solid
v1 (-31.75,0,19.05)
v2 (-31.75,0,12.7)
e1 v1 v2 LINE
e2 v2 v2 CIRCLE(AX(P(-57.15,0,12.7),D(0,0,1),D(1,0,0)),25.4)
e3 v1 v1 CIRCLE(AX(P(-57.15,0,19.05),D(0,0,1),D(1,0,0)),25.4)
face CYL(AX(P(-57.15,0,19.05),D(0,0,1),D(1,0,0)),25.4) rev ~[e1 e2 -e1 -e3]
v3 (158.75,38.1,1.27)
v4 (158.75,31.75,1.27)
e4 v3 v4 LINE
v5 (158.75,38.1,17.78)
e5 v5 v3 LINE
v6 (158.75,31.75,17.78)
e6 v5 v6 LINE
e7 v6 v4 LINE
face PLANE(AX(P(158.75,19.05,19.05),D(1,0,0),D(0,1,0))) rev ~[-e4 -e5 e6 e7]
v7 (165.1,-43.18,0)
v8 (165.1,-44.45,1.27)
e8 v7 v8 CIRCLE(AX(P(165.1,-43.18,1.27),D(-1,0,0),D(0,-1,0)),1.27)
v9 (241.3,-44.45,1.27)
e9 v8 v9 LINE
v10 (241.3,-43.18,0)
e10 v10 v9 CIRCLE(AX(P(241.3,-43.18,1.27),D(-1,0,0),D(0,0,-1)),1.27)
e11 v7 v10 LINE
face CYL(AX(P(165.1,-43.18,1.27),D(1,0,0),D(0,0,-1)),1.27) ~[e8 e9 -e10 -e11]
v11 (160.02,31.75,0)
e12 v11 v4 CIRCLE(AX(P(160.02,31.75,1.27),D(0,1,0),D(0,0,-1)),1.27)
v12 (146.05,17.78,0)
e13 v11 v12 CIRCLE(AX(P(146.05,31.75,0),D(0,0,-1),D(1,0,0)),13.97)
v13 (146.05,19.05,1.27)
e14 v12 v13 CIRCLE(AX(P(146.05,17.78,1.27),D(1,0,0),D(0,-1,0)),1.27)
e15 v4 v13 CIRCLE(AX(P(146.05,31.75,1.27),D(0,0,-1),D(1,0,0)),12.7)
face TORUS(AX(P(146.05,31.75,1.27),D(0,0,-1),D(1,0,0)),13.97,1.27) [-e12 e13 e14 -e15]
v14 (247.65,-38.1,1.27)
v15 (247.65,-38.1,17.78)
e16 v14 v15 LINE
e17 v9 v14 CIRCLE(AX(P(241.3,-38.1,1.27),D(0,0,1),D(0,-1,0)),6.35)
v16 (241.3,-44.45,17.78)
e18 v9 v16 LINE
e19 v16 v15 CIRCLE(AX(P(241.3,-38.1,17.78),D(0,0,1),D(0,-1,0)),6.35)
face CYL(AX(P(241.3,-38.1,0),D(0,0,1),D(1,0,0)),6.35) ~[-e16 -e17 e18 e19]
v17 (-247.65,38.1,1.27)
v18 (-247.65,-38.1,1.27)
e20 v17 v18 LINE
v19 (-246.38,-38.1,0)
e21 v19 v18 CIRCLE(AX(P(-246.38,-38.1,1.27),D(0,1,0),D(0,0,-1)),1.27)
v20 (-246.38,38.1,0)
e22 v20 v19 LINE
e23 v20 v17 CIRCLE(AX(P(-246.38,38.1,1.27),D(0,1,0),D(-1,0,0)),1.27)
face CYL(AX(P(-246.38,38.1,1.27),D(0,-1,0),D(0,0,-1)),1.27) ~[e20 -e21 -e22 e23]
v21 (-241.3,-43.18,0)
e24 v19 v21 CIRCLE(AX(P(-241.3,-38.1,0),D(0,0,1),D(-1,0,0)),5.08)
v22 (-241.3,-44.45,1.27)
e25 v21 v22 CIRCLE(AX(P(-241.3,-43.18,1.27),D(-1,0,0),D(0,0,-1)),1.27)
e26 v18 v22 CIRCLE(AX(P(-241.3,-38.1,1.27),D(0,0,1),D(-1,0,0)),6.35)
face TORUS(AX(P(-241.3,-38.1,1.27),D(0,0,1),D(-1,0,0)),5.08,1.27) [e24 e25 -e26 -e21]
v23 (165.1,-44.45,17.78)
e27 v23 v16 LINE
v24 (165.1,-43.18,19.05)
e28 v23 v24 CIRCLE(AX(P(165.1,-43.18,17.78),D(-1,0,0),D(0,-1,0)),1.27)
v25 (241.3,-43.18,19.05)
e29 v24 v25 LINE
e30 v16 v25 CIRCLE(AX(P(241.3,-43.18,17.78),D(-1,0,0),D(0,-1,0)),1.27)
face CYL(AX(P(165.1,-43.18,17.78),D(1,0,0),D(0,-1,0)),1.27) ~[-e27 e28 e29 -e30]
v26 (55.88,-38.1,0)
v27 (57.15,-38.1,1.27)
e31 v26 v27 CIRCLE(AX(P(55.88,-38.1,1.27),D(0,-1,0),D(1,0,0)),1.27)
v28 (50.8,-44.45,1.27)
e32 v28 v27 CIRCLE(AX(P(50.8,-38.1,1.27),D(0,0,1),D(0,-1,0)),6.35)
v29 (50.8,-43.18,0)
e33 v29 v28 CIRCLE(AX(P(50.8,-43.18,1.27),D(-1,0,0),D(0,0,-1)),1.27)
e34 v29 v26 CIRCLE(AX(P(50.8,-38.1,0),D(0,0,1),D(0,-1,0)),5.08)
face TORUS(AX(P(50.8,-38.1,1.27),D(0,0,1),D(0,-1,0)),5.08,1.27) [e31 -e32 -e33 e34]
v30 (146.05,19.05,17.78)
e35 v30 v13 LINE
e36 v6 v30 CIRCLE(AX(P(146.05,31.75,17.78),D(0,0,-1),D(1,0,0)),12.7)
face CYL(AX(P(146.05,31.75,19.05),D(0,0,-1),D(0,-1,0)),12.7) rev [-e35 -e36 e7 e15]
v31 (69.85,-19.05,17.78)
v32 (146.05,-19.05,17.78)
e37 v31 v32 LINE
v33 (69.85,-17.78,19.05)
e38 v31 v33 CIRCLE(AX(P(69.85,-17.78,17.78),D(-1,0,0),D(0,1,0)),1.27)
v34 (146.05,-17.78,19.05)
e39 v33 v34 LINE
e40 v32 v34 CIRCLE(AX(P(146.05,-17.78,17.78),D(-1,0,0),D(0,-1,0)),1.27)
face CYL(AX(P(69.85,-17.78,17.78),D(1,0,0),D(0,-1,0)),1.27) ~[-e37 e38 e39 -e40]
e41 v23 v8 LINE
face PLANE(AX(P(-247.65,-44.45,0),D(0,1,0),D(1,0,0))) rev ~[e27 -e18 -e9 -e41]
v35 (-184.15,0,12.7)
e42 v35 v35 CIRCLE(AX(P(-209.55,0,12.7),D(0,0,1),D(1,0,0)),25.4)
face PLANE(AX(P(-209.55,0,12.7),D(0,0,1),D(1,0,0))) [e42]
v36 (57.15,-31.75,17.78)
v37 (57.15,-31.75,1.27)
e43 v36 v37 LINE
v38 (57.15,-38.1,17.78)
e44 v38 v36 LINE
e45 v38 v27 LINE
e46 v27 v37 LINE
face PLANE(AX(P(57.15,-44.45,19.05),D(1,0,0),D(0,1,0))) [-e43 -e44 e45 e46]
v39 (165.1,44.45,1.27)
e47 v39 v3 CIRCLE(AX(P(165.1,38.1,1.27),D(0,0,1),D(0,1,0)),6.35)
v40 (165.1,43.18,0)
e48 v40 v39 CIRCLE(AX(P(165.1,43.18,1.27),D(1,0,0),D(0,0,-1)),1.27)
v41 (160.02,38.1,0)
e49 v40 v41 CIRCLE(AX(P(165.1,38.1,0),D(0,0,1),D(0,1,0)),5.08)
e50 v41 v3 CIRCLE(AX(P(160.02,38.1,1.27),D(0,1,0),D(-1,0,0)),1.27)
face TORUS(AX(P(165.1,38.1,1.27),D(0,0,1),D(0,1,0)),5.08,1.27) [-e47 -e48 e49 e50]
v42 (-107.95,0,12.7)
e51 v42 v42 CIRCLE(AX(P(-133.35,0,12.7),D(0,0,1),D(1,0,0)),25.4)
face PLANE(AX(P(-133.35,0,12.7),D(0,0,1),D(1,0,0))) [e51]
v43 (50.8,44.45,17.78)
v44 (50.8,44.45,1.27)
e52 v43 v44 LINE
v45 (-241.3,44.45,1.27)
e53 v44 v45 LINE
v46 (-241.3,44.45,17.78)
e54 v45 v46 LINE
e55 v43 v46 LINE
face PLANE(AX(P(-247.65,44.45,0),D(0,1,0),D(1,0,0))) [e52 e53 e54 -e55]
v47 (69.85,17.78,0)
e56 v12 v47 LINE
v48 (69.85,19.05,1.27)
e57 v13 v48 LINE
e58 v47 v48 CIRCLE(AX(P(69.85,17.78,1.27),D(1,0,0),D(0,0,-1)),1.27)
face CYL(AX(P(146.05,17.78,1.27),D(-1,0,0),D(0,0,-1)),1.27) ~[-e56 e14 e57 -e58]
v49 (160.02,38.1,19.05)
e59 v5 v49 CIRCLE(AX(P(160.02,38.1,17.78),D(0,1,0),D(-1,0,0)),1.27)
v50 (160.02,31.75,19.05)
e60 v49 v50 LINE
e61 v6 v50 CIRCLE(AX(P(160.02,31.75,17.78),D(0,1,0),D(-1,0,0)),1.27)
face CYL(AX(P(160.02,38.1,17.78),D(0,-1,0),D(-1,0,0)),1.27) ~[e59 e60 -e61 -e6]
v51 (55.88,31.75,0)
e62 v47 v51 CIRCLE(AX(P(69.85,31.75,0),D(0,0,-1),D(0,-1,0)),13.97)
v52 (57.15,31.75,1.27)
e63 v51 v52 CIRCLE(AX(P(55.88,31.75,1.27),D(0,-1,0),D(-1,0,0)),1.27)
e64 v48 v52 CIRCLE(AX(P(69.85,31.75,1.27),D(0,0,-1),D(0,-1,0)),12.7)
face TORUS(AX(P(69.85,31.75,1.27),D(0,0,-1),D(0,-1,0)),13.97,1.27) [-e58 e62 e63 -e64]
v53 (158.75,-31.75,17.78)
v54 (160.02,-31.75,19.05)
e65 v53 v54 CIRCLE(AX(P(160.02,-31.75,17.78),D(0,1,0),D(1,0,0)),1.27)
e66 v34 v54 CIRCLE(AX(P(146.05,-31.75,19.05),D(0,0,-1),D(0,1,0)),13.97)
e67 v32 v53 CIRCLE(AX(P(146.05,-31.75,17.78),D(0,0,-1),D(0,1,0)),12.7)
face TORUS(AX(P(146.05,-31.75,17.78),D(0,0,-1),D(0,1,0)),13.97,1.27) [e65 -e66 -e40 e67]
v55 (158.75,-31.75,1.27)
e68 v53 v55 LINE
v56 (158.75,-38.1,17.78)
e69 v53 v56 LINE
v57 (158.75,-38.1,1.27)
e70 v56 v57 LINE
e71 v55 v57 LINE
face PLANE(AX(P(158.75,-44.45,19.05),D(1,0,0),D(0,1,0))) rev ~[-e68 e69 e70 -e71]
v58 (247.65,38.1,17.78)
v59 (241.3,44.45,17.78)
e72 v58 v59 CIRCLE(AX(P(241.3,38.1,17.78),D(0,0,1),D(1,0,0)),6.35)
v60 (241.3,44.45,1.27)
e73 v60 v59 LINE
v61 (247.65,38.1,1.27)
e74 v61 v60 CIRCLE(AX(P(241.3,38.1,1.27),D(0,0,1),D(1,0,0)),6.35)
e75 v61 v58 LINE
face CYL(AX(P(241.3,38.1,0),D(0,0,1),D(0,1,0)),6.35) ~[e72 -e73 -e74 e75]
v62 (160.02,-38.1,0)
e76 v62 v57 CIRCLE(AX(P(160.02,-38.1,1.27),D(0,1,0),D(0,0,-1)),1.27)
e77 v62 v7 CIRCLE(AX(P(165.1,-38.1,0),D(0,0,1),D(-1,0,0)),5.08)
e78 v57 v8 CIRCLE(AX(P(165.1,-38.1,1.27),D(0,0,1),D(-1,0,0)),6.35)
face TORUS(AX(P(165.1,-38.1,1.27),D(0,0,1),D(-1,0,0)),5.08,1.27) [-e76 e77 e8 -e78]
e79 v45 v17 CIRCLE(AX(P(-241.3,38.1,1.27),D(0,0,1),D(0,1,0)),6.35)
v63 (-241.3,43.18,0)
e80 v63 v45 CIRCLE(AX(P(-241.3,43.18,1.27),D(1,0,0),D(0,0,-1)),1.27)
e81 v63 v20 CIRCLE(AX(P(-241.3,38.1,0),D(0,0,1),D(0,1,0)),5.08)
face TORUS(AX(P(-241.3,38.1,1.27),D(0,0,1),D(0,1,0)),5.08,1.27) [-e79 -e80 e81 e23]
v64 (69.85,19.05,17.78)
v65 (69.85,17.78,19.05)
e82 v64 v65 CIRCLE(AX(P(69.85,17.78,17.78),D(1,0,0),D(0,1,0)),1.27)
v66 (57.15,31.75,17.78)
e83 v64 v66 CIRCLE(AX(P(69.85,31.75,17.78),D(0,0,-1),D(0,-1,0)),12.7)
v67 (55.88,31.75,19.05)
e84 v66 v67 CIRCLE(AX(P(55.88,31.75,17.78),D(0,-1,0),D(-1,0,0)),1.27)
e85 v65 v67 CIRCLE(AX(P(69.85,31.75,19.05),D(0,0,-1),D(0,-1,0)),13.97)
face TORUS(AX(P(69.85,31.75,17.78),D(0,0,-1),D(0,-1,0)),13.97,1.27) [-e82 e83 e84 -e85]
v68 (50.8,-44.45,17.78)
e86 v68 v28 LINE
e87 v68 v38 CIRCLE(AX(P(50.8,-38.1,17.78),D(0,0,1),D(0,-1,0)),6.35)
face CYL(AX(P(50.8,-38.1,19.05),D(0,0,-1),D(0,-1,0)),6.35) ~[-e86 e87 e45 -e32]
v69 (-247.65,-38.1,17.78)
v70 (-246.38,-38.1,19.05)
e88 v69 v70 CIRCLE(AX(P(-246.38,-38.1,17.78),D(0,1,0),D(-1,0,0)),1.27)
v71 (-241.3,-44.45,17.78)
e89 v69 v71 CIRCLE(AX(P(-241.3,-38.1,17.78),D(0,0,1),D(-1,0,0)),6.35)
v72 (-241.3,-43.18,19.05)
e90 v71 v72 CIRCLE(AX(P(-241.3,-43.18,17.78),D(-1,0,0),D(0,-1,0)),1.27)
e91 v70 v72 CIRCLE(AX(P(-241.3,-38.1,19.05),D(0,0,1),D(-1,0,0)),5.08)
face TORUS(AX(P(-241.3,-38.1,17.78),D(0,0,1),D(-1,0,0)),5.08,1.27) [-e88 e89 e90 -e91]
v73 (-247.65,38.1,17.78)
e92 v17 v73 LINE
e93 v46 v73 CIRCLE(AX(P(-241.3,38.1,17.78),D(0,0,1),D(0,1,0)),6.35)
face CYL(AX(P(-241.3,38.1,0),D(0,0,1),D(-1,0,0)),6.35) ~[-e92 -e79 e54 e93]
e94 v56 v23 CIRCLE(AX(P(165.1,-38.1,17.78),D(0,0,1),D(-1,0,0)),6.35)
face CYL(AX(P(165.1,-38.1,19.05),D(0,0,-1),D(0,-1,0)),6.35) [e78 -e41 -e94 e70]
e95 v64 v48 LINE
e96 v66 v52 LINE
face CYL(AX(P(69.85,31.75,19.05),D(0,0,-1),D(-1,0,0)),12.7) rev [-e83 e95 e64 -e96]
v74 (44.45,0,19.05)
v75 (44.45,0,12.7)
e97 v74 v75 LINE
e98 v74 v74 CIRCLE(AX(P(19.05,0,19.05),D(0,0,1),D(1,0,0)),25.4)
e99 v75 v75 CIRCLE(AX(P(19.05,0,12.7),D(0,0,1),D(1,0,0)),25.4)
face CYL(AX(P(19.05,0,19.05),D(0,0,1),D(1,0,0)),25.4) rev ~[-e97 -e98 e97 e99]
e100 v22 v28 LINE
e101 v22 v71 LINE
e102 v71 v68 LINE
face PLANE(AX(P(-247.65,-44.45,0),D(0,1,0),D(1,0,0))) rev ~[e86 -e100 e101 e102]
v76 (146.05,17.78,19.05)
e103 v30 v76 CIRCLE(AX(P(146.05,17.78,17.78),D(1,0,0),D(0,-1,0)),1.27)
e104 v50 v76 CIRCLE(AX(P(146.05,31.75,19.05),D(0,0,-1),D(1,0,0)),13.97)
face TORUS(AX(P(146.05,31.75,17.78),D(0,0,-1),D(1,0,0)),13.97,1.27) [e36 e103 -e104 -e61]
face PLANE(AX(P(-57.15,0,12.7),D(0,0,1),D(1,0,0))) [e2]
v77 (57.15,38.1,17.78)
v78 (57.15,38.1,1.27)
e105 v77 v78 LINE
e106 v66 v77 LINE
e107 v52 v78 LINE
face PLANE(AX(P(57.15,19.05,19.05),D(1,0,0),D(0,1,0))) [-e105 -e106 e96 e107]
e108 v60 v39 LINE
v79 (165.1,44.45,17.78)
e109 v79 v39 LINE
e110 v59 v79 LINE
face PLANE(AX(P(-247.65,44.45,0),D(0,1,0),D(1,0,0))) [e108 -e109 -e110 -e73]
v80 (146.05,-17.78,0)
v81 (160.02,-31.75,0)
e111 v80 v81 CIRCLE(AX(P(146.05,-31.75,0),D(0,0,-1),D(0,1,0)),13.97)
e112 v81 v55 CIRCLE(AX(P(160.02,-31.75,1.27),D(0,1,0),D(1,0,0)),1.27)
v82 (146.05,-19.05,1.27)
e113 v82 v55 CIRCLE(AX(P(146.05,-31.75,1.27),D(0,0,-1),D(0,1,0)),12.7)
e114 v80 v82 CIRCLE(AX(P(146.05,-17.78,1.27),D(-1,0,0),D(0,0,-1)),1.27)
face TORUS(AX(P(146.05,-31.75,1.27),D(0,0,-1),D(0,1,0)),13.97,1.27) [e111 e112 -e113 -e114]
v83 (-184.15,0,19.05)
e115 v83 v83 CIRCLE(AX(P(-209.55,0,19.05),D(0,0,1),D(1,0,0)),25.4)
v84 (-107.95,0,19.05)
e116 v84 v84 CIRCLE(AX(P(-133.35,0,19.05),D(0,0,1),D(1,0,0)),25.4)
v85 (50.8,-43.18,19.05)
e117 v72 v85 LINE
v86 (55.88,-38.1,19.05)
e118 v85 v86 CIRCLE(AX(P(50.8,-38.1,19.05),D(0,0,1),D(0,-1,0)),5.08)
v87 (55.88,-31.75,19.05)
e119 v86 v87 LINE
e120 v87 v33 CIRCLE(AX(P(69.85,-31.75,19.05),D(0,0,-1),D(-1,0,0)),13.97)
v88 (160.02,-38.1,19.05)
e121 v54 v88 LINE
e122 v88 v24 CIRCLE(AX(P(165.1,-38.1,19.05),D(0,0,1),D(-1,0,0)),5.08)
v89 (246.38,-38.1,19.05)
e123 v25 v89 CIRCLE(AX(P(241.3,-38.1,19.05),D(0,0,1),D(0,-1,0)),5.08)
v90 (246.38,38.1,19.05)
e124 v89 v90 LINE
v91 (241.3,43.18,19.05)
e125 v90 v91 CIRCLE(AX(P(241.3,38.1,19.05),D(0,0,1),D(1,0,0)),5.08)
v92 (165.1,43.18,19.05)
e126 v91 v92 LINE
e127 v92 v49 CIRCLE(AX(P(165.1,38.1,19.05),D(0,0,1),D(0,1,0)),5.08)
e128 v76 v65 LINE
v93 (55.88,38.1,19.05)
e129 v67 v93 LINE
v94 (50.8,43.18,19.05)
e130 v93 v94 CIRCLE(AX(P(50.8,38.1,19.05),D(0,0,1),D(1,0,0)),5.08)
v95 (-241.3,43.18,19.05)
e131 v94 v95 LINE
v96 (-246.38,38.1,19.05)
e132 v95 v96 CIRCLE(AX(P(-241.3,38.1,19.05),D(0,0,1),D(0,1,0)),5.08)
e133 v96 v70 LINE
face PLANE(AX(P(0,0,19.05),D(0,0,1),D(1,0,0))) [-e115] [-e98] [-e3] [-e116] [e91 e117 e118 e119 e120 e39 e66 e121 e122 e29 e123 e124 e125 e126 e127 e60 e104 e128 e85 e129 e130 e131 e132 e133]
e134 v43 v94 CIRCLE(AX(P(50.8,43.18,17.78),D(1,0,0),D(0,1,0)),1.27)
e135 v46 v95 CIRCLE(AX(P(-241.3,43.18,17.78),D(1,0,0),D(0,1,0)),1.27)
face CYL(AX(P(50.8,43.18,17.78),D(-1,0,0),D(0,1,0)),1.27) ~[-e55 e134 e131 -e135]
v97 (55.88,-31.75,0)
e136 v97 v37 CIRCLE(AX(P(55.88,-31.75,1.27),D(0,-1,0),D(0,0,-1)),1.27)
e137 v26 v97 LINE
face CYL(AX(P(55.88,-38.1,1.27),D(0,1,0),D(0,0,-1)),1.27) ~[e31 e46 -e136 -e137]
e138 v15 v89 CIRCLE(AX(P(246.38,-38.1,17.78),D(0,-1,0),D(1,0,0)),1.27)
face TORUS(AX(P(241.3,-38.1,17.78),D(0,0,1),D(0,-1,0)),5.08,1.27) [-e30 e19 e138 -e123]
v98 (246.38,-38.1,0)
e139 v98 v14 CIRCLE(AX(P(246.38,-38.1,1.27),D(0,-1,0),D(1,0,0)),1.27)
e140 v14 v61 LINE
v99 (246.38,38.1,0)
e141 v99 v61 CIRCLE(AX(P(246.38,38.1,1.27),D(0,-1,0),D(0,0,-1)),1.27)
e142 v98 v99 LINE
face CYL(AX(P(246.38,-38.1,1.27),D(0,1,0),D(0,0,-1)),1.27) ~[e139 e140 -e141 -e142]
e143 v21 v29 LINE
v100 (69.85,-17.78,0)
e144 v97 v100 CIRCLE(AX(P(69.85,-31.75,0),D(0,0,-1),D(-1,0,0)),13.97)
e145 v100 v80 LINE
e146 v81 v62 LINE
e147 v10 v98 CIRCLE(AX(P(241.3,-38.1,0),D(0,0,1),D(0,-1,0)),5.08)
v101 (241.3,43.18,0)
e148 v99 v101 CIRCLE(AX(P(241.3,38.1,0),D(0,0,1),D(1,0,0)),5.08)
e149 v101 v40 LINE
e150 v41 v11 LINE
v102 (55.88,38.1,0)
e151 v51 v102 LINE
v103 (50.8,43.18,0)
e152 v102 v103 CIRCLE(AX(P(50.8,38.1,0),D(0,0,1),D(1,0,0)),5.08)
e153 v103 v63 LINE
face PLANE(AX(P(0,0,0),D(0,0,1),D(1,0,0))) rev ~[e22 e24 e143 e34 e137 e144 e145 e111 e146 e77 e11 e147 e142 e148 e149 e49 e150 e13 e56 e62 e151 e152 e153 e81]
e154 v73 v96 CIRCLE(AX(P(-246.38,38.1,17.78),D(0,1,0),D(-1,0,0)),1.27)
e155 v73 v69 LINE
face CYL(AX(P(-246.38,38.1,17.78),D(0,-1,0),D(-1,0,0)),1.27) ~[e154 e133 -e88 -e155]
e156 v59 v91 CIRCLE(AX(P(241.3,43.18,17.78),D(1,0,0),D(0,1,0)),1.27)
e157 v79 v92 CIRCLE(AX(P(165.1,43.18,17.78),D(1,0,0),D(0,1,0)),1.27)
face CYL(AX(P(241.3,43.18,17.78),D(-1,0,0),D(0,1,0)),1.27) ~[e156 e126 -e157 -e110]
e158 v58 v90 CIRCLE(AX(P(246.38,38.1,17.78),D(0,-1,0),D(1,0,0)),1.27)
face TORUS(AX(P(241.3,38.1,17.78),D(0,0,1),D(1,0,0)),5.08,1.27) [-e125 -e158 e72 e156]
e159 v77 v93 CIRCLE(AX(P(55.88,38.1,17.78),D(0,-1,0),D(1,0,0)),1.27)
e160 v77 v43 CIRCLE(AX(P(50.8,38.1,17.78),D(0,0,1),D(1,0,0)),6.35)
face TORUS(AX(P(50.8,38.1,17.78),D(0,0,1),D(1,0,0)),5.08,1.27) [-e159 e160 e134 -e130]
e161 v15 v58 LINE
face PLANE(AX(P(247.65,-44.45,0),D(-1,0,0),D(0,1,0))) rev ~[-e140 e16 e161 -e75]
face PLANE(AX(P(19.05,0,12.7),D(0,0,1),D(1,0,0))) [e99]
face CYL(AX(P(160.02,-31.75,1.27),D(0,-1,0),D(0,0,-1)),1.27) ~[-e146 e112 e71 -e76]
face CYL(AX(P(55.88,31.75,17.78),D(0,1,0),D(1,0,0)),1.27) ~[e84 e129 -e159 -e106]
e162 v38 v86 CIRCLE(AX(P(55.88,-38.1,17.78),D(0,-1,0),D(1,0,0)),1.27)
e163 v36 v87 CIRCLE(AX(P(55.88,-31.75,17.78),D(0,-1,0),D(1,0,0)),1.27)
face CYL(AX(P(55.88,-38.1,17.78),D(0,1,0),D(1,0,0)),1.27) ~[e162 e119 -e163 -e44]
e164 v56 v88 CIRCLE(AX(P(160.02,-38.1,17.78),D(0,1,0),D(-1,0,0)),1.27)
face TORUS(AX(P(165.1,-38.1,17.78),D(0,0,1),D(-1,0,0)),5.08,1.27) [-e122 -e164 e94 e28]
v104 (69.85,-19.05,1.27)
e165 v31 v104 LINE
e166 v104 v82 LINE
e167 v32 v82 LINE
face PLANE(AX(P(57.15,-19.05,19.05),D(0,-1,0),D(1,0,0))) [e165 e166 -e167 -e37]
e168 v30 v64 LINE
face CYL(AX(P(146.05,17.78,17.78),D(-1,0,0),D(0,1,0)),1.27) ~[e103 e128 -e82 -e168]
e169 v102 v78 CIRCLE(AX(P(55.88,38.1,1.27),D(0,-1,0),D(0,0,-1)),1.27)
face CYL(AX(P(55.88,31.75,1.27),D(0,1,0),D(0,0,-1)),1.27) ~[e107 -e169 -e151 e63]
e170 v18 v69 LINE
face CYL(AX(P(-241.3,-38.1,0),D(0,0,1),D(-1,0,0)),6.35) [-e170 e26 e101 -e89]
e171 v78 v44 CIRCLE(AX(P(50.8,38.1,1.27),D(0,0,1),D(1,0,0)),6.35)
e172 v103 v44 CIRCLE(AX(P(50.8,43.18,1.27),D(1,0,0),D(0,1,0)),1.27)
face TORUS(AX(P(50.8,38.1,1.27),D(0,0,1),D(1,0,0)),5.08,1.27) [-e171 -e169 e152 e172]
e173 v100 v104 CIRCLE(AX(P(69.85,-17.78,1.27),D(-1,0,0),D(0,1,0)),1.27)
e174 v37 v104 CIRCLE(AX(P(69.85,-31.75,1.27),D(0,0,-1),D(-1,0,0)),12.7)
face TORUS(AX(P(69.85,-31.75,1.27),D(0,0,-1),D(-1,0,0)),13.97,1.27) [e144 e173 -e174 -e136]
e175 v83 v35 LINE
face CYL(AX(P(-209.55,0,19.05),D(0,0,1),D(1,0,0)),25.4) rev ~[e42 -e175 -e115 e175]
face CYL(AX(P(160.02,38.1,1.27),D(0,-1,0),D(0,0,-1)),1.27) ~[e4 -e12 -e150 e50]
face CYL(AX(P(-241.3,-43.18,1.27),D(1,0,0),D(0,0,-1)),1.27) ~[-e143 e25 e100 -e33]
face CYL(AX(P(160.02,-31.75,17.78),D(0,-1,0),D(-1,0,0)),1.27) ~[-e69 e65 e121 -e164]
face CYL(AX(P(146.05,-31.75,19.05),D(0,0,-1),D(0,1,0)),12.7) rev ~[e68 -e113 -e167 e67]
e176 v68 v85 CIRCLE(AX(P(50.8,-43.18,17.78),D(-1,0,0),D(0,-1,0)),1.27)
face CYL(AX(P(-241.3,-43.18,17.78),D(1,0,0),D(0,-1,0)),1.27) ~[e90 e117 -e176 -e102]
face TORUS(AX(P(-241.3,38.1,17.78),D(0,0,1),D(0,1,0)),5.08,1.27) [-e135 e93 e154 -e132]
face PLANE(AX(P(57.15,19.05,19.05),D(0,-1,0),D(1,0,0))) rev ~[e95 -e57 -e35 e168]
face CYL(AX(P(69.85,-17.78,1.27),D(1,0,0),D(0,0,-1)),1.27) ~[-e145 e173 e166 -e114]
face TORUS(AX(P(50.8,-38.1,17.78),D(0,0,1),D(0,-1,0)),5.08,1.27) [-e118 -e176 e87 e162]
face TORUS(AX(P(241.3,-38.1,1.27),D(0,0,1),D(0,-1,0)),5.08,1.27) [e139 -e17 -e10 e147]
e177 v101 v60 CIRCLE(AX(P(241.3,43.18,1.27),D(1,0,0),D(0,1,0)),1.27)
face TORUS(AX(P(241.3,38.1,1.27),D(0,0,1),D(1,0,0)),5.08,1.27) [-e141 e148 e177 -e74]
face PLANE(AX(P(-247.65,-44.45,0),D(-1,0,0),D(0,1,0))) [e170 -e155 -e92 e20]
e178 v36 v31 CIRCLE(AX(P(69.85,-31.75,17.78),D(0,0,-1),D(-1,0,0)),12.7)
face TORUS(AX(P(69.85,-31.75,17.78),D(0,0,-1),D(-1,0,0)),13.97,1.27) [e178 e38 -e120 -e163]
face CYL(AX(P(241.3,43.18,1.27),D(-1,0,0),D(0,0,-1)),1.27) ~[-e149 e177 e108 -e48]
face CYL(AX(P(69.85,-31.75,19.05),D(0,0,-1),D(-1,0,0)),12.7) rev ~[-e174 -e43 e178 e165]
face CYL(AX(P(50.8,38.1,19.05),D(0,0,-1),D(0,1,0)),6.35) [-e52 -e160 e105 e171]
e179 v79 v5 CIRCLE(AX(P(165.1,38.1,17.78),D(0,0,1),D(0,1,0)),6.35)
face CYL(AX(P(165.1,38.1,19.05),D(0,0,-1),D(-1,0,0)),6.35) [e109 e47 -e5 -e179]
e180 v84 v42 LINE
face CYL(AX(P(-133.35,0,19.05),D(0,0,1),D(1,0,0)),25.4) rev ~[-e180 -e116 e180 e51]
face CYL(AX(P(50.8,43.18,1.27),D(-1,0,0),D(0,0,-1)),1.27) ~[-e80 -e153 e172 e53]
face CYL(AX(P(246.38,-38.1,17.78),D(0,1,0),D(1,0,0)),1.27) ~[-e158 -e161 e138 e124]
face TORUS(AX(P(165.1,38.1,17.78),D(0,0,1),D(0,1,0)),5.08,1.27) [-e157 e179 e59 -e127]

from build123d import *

# Parameters (mm, degrees)
F0_W     = 495.3
F0_H     = 88.9
F1_DEPTH = 19.05
F2_W     = 101.6
F2_H     = 25.4
F3_DEPTH = 19.05
F4_R     = 6.35
F5_R     = 12.7
F6_R     = 25.4
F7_DEPTH = 6.35
F8_R     = 1.27


with BuildPart() as f1:
    # F0 (on Top) → F1 (new body)
    with BuildSketch(Plane.XY):
        Rectangle(F0_W, F0_H)
    extrude(amount=F1_DEPTH)

    # F2 (on face) → F3 (cut, through all)
    with BuildSketch(Plane.XY.offset(19.05)):
        with Locations((107.95, -31.75)):
            Rectangle(F2_W, F2_H)
        with Locations((107.95, 31.75)):
            Rectangle(F2_W, F2_H)
    extrude(amount=-F3_DEPTH, mode=Mode.SUBTRACT)

    # F4
    f4_edges = [f1.edges().sort_by_distance(p)[0] for p in [
        (-247.65, -44.45, 9.525),
        (57.15, -44.45, 9.525),
        (-247.65, 44.45, 9.525),
        (57.15, 44.45, 9.525),
        (158.75, 44.45, 9.525),
        (158.75, -44.45, 9.525),
        (247.65, -44.45, 9.525),
        (247.65, 44.45, 9.525),
    ]]
    fillet(f4_edges, radius=F4_R)

    # F5
    f5_edges = [f1.edges().sort_by_distance(p)[0] for p in [
        (57.15, -19.05, 9.525),
        (57.15, 19.05, 9.525),
        (158.75, 19.05, 9.525),
        (158.75, -19.05, 9.525),
    ]]
    fillet(f5_edges, radius=F5_R)

    # F6 (on face) → F7 (cut)
    with BuildSketch(Plane.XY.offset(19.05)):
        with Locations((-209.55, 0)):
            Circle(F6_R)
        with Locations((-133.35, 0)):
            Circle(F6_R)
        with Locations((-57.15, 0)):
            Circle(F6_R)
        with Locations((19.05, 0)):
            Circle(F6_R)
    extrude(amount=-F7_DEPTH, mode=Mode.SUBTRACT)

    # F8
    f8_edges = [f1.edges().sort_by_distance(p)[0] for p in [
        (-95.25, -44.45, 19.05),
        (-95.25, -44.45, 0),
    ]]
    fillet(f8_edges, radius=F8_R)


solid = f1.part
